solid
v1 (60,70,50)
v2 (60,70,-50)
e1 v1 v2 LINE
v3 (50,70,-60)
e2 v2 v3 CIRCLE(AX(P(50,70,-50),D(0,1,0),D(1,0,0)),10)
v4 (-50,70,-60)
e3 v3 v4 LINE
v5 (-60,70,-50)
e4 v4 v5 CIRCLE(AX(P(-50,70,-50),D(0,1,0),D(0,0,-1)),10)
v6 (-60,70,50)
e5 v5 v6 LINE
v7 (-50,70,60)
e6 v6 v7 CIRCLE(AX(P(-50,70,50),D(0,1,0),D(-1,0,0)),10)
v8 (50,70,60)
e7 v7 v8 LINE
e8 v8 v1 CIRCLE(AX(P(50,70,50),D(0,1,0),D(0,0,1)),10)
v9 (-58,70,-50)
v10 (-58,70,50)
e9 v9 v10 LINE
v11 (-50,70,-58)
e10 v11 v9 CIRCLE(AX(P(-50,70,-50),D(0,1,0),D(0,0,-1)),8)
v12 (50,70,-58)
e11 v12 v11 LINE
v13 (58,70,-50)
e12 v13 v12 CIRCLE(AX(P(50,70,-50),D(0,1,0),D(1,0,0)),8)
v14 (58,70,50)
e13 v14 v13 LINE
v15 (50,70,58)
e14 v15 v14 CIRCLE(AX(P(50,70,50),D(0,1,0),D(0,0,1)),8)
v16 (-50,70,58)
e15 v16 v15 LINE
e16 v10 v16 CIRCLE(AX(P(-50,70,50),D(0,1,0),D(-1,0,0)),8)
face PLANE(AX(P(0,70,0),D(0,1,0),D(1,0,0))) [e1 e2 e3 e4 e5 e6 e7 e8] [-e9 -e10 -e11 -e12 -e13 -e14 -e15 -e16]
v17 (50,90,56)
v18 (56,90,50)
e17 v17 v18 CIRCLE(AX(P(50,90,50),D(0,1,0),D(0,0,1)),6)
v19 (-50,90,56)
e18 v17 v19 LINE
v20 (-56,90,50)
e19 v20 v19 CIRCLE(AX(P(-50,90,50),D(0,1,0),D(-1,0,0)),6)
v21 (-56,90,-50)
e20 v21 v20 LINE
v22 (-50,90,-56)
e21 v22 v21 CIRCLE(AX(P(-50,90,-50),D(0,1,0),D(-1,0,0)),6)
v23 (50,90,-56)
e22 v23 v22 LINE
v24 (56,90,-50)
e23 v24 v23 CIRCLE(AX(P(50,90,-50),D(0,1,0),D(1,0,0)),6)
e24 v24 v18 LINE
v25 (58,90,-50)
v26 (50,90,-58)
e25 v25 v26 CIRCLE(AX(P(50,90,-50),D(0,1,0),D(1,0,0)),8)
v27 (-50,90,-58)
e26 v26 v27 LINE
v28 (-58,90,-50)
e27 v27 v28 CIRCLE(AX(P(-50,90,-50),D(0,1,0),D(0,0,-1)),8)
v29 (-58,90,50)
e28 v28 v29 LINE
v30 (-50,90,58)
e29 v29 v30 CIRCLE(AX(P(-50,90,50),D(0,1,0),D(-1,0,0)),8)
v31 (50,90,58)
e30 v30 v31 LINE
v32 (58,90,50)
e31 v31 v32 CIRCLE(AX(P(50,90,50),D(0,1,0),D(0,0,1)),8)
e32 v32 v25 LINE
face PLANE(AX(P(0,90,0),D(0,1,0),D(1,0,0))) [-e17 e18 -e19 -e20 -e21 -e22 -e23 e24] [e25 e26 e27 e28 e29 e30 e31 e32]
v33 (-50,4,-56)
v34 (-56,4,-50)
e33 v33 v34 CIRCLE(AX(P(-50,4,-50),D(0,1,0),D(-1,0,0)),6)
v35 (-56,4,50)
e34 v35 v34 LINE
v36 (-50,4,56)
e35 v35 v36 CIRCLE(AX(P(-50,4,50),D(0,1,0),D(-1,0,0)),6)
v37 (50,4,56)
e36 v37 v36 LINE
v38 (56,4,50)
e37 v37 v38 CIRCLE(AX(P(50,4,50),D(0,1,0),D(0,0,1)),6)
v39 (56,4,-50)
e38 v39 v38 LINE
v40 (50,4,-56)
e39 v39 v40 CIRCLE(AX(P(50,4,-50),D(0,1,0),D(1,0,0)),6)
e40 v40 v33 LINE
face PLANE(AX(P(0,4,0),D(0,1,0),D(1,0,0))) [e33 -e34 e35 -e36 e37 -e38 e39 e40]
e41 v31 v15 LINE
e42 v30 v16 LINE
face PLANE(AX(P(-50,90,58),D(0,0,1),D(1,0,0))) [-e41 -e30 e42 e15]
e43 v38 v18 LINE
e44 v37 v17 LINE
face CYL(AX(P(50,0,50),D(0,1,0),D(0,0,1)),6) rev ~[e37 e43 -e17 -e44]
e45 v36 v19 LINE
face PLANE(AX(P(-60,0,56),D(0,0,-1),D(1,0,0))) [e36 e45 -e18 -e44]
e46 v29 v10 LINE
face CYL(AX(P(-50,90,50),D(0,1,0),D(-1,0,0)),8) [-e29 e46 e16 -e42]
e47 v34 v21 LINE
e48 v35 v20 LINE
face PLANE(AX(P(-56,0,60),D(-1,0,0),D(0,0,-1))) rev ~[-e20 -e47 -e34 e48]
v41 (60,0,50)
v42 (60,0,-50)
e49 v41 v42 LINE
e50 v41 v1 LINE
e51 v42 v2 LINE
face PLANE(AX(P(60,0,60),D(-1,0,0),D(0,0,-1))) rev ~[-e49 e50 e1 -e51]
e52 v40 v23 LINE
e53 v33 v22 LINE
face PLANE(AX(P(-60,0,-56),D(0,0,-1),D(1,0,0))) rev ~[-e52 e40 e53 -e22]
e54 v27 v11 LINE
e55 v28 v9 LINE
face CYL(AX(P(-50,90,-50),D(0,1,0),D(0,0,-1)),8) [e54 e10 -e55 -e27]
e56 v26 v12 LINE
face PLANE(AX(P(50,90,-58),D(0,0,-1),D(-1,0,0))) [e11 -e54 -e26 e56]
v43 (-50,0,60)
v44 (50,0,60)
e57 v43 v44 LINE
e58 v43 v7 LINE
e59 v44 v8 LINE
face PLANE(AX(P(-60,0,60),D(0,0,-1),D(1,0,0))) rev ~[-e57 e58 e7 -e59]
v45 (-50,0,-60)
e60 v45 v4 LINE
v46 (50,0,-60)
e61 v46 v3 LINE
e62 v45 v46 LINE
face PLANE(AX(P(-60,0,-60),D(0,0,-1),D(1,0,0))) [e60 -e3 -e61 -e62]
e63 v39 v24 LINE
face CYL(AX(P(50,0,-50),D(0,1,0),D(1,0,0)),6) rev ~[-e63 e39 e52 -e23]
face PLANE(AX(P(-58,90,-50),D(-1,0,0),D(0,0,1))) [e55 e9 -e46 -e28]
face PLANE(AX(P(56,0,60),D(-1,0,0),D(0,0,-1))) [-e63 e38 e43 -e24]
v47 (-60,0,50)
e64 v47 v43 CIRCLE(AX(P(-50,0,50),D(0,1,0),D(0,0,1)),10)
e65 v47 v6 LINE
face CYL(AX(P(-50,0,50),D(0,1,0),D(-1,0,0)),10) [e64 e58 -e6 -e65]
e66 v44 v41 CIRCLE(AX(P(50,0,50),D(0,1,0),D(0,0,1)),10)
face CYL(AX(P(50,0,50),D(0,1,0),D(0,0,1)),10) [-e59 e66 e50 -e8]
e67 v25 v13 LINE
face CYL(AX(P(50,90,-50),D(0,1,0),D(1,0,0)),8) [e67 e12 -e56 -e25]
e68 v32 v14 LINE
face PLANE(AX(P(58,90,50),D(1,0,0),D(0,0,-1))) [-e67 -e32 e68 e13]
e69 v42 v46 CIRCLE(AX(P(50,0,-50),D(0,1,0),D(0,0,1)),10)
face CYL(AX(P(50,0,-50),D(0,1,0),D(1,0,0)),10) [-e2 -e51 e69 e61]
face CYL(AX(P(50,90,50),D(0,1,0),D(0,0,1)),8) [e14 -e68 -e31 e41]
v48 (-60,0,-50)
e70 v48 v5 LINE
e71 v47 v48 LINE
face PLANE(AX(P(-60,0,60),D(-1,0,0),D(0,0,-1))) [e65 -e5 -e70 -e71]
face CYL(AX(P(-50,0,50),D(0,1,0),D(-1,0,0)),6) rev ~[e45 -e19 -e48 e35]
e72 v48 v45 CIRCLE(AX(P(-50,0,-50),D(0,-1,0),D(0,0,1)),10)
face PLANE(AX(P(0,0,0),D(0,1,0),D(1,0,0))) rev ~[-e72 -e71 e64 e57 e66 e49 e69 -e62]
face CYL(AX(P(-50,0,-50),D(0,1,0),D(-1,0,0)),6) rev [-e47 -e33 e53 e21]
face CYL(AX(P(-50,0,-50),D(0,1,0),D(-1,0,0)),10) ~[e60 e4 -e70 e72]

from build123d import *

# Parameters (mm, degrees)
SKETCH1_W           = 120
SKETCH1_H           = 120
BOSS_EXTRUDE1_DEPTH = 90
FILLET1_R           = 10
SHELL1_T            = -4
CUT_EXTRUDE1_DEPTH  = 20


with BuildPart() as part:
    # Sketch1 → Boss-Extrude1 (new body)
    with BuildSketch(Plane(origin=(0, 0, 0), x_dir=(1, 0, 0), z_dir=(0, 1, 0))):
        Rectangle(SKETCH1_W, SKETCH1_H)
    extrude(amount=BOSS_EXTRUDE1_DEPTH)

    # Fillet1
    fillet1_edges = [part.edges().sort_by_distance(p)[0] for p in [
        (60, 45, 60),
        (-60, 45, 60),
        (-60, 45, -60),
        (60, 45, -60),
    ]]
    fillet(fillet1_edges, radius=FILLET1_R)

    # Shell1
    shell1_openings = [part.faces().sort_by_distance(p)[0] for p in [
        (0, 90, 0),
    ]]
    offset(amount=SHELL1_T, openings=shell1_openings, kind=Kind.INTERSECTION)

    # Sketch6 → Cut-Extrude1 (cut)
    with BuildSketch(Plane(origin=(0, 90, 0), x_dir=(1, 0, 0), z_dir=(0, 1, 0))):
        with BuildLine():
            Line((50, 60), (-50, 60))
            ThreePointArc((-50, 60), (-57.071067812, 57.071067812), (-60, 50))
            Line((-60, 50), (-60, -50))
            ThreePointArc((-60, -50), (-57.071067812, -57.071067812), (-50, -60))
            Line((-50, -60), (50, -60))
            ThreePointArc((50, -60), (57.071067812, -57.071067812), (60, -50))
            Line((60, -50), (60, 50))
            ThreePointArc((60, 50), (57.071067812, 57.071067812), (50, 60))
        make_face()
        with BuildLine():
            Line((50, 58), (-50, 58))
            ThreePointArc((-50, 58), (-55.656854249, 55.656854249), (-58, 50))
            Line((-58, 50), (-58, -50))
            ThreePointArc((-58, -50), (-55.656854249, -55.656854249), (-50, -58))
            Line((-50, -58), (50, -58))
            ThreePointArc((50, -58), (55.656854249, -55.656854249), (58, -50))
            Line((58, -50), (58, 50))
            ThreePointArc((58, 50), (55.656854249, 55.656854249), (50, 58))
        make_face(mode=Mode.SUBTRACT)
    extrude(amount=-CUT_EXTRUDE1_DEPTH, mode=Mode.SUBTRACT)


solid = part.part
